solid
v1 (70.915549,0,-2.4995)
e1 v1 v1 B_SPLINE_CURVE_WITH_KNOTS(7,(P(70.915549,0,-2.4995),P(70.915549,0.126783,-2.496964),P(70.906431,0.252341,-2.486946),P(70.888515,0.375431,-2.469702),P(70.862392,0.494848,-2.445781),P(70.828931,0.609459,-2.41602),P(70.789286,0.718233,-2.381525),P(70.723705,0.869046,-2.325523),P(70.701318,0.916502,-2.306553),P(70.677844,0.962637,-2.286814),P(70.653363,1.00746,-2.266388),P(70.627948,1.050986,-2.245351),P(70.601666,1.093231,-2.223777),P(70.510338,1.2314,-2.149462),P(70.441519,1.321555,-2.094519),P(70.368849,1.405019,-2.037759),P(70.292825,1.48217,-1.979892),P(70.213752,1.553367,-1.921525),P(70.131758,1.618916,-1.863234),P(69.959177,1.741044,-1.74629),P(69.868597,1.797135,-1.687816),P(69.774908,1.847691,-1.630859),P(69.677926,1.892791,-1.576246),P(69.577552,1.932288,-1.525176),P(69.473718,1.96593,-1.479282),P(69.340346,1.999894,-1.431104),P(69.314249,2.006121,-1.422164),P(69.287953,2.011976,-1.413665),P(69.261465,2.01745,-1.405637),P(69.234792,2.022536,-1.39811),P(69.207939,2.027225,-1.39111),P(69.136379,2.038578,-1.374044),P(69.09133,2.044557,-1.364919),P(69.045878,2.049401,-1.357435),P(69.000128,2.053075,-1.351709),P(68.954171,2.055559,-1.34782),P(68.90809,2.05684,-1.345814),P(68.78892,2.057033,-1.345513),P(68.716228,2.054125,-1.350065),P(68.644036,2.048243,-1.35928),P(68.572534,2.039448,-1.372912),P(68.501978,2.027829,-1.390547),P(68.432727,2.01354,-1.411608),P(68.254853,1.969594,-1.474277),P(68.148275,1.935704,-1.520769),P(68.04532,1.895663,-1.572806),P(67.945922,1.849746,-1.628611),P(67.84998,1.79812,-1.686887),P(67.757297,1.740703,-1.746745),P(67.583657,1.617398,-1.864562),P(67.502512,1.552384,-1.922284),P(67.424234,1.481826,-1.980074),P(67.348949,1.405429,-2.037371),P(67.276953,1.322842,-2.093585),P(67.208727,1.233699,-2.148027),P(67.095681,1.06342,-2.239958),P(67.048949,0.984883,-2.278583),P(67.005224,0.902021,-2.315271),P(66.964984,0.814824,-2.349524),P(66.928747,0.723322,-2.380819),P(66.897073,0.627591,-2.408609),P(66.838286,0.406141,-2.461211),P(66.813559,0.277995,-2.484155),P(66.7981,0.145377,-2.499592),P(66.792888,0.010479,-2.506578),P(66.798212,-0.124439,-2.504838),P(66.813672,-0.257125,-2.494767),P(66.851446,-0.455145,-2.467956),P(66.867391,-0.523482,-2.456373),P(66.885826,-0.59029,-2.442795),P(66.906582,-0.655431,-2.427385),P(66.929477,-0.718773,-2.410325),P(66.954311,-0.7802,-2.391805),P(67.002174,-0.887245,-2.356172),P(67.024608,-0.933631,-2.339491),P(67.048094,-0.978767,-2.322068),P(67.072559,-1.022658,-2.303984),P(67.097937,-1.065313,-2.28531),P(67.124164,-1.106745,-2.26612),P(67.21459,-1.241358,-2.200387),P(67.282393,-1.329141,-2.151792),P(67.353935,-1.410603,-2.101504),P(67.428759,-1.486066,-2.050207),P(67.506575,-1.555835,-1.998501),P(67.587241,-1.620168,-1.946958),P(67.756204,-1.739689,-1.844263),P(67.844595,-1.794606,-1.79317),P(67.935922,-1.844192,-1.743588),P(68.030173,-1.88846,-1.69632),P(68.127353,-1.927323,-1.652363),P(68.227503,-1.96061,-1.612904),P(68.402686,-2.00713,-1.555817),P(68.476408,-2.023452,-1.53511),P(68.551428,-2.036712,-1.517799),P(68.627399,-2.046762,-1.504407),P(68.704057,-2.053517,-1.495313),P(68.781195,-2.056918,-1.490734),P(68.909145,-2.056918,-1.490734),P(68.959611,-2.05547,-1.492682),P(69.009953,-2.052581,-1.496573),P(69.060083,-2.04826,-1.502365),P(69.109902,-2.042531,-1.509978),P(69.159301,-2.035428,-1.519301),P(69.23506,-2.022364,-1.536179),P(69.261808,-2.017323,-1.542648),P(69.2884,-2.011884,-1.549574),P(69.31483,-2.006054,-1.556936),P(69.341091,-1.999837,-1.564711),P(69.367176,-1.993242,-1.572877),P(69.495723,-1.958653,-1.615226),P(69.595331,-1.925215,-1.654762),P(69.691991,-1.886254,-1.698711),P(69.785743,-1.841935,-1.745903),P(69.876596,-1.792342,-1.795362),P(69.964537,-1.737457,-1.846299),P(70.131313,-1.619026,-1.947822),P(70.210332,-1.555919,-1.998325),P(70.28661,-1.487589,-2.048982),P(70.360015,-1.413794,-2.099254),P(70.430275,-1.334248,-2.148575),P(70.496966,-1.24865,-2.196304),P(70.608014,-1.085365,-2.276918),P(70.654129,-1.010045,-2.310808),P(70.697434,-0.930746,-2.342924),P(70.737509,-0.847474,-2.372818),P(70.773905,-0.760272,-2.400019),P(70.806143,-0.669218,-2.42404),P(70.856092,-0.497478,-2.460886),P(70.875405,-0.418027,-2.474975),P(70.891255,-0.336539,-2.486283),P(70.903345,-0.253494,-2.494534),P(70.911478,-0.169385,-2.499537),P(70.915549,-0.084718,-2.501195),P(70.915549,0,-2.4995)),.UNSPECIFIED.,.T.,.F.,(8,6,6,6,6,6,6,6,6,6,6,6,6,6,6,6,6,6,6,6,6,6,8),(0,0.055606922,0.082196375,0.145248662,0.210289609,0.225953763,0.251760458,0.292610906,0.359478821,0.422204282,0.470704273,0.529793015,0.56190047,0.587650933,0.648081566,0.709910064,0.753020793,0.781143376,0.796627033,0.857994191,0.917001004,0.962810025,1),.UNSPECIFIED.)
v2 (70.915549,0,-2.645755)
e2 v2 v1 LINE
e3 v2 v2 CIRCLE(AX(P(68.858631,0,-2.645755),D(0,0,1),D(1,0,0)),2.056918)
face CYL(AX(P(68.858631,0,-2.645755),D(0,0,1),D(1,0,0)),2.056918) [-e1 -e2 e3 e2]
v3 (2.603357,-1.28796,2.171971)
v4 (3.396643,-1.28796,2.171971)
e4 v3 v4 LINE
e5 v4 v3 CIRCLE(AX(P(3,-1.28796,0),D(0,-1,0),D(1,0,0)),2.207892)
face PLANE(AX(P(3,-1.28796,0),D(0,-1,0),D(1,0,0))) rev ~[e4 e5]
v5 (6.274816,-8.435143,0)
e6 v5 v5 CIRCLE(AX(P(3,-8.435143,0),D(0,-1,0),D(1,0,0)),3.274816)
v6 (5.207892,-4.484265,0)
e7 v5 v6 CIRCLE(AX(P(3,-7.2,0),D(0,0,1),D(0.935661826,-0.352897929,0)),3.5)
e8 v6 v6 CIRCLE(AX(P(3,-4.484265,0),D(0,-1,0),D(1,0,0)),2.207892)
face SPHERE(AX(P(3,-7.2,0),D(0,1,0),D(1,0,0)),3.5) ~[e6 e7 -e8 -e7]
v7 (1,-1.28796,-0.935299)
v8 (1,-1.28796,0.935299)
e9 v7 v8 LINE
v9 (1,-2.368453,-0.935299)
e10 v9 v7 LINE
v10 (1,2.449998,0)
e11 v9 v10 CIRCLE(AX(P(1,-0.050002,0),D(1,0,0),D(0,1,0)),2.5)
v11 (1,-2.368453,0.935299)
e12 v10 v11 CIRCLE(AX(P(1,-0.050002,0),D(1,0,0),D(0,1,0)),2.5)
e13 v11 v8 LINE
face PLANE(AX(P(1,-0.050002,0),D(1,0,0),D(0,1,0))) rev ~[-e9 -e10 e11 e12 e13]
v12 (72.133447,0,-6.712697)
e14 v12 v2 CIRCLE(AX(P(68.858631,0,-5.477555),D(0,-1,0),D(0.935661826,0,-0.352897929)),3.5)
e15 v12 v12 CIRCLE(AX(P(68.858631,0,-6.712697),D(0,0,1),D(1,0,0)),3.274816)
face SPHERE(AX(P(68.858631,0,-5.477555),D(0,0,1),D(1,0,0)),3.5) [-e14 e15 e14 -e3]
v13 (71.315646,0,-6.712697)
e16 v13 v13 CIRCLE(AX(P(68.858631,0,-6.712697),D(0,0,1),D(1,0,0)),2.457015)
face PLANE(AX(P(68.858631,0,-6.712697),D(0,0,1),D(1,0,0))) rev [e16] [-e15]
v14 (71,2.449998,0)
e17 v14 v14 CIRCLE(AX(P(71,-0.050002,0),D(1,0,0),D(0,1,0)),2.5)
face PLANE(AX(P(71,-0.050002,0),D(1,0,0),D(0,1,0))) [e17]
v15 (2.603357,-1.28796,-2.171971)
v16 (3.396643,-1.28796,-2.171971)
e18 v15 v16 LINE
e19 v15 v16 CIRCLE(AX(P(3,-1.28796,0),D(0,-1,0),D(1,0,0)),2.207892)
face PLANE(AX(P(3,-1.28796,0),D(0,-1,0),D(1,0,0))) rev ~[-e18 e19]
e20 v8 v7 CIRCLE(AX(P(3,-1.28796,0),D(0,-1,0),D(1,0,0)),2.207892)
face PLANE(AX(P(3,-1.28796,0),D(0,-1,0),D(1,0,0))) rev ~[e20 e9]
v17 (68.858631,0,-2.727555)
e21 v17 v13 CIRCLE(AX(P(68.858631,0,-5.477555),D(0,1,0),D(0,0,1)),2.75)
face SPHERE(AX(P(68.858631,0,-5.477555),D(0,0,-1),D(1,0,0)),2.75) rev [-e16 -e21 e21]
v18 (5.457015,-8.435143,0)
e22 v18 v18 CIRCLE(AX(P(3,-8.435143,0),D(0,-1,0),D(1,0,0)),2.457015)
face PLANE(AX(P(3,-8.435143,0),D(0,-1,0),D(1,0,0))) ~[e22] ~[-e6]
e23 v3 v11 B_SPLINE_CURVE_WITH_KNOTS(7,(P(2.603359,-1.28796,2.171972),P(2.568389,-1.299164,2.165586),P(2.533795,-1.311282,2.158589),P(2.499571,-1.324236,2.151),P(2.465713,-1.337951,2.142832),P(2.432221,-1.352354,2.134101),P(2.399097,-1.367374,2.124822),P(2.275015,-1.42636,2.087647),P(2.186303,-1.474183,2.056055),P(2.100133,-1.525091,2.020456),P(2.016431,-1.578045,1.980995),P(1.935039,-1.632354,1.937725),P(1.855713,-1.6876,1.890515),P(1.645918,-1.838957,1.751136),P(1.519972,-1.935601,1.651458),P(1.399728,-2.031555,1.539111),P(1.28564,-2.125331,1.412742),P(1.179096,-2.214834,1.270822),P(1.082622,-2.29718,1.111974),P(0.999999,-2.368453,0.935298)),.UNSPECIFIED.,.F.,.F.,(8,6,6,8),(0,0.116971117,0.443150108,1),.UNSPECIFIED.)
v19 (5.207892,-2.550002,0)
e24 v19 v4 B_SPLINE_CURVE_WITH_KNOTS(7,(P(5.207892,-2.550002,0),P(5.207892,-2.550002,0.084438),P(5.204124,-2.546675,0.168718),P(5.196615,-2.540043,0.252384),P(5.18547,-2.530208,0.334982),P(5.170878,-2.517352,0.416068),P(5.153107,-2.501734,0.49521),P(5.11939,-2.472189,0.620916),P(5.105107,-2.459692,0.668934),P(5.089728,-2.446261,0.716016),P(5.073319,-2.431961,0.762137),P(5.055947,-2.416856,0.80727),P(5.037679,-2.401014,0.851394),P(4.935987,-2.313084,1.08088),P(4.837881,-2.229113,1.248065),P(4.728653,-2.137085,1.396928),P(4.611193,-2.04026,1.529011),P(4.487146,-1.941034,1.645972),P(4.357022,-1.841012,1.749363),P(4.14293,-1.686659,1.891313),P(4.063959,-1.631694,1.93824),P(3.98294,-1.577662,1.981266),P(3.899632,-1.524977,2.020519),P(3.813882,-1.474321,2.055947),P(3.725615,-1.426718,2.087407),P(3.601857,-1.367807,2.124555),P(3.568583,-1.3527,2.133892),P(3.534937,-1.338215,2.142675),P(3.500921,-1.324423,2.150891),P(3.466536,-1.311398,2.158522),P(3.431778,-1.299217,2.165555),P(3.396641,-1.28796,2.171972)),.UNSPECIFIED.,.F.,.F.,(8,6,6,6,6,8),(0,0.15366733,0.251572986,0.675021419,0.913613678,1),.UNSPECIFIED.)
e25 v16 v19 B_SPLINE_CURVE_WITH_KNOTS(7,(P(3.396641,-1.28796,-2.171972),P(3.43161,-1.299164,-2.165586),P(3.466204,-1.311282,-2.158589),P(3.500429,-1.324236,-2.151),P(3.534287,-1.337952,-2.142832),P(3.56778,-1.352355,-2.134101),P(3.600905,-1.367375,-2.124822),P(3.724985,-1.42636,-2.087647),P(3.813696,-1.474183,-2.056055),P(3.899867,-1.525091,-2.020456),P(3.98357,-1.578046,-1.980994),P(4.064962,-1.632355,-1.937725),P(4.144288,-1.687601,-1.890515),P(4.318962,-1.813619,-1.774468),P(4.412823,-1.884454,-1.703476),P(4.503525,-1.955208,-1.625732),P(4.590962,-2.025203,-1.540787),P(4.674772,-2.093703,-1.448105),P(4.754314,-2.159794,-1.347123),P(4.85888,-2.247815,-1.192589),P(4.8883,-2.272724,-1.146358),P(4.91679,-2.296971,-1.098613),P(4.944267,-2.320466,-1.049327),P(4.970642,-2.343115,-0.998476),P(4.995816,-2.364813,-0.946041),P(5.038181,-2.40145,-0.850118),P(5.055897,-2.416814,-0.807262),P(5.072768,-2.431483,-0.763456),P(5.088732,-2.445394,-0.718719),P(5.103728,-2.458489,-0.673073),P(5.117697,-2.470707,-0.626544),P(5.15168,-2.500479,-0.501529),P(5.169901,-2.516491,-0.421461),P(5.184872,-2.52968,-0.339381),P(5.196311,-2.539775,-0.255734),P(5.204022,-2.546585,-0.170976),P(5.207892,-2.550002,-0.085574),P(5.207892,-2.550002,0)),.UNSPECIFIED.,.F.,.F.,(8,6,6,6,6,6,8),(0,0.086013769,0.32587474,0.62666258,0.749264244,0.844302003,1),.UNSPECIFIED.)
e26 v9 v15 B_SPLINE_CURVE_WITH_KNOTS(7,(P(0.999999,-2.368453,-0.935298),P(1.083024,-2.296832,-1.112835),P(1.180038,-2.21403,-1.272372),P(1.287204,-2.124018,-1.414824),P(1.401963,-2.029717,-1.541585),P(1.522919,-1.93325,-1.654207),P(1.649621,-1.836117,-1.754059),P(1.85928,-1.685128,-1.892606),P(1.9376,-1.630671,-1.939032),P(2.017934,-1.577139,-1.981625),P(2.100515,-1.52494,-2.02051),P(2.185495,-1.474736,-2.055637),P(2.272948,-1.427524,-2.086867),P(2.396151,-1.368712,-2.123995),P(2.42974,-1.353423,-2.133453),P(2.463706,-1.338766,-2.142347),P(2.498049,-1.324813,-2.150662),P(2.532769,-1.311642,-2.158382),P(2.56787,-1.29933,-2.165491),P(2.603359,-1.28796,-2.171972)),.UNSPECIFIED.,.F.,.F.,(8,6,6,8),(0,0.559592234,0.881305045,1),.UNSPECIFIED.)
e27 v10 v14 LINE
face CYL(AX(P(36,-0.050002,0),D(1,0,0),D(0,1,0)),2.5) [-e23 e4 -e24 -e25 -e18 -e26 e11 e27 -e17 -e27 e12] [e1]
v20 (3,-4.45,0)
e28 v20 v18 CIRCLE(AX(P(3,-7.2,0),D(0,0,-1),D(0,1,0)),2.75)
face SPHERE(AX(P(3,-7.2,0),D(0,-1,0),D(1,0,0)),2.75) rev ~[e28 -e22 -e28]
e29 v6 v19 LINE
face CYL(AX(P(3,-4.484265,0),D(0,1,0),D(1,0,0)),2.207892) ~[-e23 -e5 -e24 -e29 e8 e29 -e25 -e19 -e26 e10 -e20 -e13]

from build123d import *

# Parameters (mm, degrees)
F3_R     = 2.5
F4_DEPTH = 35


with BuildPart() as f1:
    # F0 (on Top) → F1 (revolve)
    with BuildSketch(Plane.XY):
        with BuildLine():
            ThreePointArc((3, 2.75), (5.3408484106, 1.4432355034), (5.4570149341, -1.2351427503))
            Line((5.4570149341, -1.2351427503), (6.2748163897, -1.2351427503))
            ThreePointArc((6.2748163897, -1.2351427503), (6.378961338, 0.9124802881), (5.2078915499, 2.7157346895))
            ThreePointArc((5.2078915499, 2.7157346895), (4.1715222121, 3.29811093), (3, 3.5))
            Line((3, 3.5), (3, 2.75))
        make_face()
        with BuildLine():
            Line((3, 5.9120398946), (3, 3.5))
            ThreePointArc((3, 3.5), (4.1715222121, 3.29811093), (5.2078915499, 2.7157346895))
            Line((5.2078915499, 2.7157346895), (5.2078915499, 5.9120398946))
            Line((5.2078915499, 5.9120398946), (3, 5.9120398946))
        make_face()
    revolve(axis=Axis((3, -1.5105393408, 0), (0, -1, 0)))

    # F3 (on offset) → F4 (join, symmetric)
    with BuildSketch(Plane.YZ.offset(36)):
        with Locations((7.1499980986, 0)):
            Circle(F3_R)
    extrude(amount=F4_DEPTH, both=True)


with BuildPart() as f1_1:
    # F5: moved
    add(f1.part.moved(Location((0, -7.2, 0))))

    # F6 (on Front) → F7 (revolve)
    with BuildSketch(Plane.XZ):
        with BuildLine():
            ThreePointArc((68.8586309552, -2.7275545988), (71.1994793659, -4.0343190953), (71.3156458893, -6.712697349))
            Line((71.3156458893, -6.712697349), (72.133447345, -6.712697349))
            ThreePointArc((72.133447345, -6.712697349), (72.2115181091, -4.4734889968), (70.9155485965, -2.64575485))
            ThreePointArc((70.9155485965, -2.64575485), (69.9399960368, -2.148793634), (68.8586309552, -1.9775545988))
            Line((68.8586309552, -1.9775545988), (68.8586309552, -2.7275545988))
        make_face()
        with BuildLine():
            Line((68.8586309552, 0.4344852958), (68.8586309552, -1.9775545988))
            ThreePointArc((68.8586309552, -1.9775545988), (69.9399960368, -2.148793634), (70.9155485965, -2.64575485))
            Line((70.9155485965, -2.64575485), (70.9155485965, 0.4344852958))
            Line((70.9155485965, 0.4344852958), (68.8586309552, 0.4344852958))
        make_face()
    revolve(axis=Axis((68.8586309552, 0, -3.7275545988), (0, 0, 1)))


solid = f1_1.part
